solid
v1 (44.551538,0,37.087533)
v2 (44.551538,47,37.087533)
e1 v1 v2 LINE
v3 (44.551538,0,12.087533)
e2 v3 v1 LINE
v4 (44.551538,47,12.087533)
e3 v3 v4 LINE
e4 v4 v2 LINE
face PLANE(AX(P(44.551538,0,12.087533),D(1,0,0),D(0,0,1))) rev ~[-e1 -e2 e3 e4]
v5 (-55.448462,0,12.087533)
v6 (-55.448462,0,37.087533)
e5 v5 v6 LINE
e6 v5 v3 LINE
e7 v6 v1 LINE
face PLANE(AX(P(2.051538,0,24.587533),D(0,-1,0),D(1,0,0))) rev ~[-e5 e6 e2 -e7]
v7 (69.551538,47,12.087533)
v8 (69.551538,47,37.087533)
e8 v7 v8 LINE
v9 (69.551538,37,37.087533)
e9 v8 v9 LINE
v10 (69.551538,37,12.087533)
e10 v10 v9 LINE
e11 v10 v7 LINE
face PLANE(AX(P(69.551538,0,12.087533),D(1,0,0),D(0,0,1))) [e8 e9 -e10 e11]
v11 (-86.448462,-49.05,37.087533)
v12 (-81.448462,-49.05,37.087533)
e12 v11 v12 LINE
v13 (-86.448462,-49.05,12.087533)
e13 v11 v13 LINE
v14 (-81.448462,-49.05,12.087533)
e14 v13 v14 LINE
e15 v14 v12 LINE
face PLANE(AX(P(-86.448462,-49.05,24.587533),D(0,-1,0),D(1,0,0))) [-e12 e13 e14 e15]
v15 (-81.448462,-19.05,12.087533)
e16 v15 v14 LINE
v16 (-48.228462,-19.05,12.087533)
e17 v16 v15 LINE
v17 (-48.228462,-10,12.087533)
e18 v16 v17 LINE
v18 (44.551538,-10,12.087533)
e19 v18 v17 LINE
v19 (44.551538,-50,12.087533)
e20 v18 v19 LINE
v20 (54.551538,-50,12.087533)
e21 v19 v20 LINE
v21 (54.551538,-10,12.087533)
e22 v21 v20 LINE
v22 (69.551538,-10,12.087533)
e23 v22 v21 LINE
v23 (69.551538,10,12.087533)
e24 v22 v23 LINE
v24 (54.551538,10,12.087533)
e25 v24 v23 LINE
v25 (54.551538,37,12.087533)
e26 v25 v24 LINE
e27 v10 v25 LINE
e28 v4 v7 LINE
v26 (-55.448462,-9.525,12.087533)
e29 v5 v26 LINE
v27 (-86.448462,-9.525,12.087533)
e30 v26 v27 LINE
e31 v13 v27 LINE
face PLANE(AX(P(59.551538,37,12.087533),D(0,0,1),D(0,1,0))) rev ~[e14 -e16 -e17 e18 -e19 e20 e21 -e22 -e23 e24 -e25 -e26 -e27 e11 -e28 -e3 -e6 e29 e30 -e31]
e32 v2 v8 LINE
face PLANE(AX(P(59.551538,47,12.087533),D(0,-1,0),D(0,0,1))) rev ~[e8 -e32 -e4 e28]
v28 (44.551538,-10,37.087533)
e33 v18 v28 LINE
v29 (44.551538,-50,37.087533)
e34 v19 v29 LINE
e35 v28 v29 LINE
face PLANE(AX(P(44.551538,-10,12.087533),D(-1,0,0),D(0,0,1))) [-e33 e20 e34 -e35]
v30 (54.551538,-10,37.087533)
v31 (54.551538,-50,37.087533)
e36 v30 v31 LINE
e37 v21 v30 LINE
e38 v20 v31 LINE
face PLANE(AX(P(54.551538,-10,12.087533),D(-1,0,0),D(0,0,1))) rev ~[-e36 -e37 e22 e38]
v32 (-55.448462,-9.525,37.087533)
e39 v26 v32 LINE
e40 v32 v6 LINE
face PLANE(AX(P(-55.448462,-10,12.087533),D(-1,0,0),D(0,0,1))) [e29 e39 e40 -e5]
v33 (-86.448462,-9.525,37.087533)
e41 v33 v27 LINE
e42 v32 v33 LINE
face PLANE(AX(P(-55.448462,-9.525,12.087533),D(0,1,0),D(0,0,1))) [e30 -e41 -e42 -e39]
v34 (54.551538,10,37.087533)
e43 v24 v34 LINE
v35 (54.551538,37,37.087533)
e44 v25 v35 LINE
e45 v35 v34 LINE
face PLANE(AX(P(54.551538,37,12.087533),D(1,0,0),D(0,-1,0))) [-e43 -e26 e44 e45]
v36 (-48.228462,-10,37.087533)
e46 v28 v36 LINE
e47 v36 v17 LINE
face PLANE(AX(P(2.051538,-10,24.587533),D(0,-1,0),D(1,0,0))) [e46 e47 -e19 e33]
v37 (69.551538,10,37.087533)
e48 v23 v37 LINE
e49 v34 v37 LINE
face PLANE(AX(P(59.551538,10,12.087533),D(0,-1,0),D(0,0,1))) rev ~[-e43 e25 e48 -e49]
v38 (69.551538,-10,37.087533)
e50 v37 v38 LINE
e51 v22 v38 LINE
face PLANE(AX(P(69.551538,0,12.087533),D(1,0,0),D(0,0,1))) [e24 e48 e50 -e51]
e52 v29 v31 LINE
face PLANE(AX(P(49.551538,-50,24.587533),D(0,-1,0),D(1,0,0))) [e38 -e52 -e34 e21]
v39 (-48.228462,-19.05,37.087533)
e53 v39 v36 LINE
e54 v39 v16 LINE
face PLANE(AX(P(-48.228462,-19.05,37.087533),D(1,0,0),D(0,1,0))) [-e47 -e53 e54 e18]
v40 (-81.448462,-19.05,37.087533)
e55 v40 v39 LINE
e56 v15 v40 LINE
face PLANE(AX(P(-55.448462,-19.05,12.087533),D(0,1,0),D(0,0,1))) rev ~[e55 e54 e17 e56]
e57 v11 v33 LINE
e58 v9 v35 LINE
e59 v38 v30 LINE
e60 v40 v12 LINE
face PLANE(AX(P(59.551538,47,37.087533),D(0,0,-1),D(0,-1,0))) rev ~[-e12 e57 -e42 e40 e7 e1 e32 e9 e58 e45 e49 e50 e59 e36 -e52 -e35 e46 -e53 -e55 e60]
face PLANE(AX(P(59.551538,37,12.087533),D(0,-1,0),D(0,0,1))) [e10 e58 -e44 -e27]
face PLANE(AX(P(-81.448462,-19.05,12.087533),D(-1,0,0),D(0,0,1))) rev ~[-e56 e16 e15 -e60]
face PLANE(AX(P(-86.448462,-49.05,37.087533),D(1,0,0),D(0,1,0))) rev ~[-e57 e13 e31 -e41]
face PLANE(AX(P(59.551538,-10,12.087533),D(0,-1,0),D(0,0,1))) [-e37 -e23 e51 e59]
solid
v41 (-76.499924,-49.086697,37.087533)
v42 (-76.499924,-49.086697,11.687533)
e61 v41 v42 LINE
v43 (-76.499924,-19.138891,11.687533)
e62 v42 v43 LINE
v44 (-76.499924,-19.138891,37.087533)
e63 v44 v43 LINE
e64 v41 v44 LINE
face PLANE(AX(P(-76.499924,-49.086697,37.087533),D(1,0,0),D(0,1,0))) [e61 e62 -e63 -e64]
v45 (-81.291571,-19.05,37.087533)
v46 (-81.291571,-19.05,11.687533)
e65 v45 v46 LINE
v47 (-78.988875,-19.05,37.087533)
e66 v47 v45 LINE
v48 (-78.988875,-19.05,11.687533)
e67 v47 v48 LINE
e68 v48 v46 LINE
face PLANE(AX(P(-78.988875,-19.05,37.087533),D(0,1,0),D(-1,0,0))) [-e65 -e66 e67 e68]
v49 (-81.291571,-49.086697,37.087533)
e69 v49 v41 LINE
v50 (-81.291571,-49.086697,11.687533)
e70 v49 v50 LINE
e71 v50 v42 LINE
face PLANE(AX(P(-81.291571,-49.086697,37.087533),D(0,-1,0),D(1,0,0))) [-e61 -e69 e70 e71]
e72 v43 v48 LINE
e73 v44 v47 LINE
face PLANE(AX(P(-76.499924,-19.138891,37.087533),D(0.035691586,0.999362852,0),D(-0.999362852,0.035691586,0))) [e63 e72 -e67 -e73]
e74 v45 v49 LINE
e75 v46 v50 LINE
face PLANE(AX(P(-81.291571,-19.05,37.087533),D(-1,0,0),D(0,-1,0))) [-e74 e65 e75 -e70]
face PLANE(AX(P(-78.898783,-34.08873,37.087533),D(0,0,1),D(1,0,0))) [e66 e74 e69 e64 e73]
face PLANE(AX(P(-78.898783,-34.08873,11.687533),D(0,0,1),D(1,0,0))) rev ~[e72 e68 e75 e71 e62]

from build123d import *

# Parameters (mm, degrees)
F0_W      = 115
F0_H      = 25
F1_DEPTH  = 10
F2_W      = 10
F2_H      = 25
F3_DEPTH  = 9.05
F4_W      = 10
F4_H      = 25
F5_DEPTH  = 40
F6_W      = 15
F6_H      = 25
F7_DEPTH  = 47
F8_W      = 5
F8_H      = 27
F9_DEPTH  = 25
F10_W     = 9.525
F10_H     = 25
F11_DEPTH = 36
F12_W     = 10
F12_H     = 25
F13_DEPTH = 30
F14_DEPTH = 10
F15_DEPTH = 10
F16_W     = 2.78
F16_H     = 9.05
F17_DEPTH = 25
F18_W     = 5
F18_H     = 39.525
F20_DEPTH = 25
F21_DEPTH = 25.4


with BuildPart() as f1:
    # F0 (on Front) → F1 (new body)
    with BuildSketch(Plane.XZ):
        with Locations((2.0515378565, 24.5875327226)):
            Rectangle(F0_W, F0_H)
    extrude(amount=F1_DEPTH)

    # F2 (on face) → F3 (join)
    with BuildSketch(Plane.XZ.offset(10)):
        with Locations((-50.4484621435, 24.5875327226)):
            Rectangle(F2_W, F2_H)
    extrude(amount=F3_DEPTH)

    # F4 (on face) → F5 (join)
    with BuildSketch(Plane.XZ.offset(10)):
        with Locations((49.5515378565, 24.5875327226)):
            Rectangle(F4_W, F4_H)
    extrude(amount=F5_DEPTH)

    # F6 (on face) → F7 (join)
    with BuildSketch(Plane(origin=(0, 0, 0), x_dir=(-1, 0, 0), z_dir=(0, 1, 0))):
        with Locations((-52.0515378565, 24.5875327226)):
            Rectangle(F6_W, F6_H)
    extrude(amount=F7_DEPTH)

    # F8 (on face) → F9 (cut)
    with BuildSketch(Plane(origin=(0, 0, 12.0875327226), x_dir=(1, 0, 0), z_dir=(0, 0, -1))):
        with Locations((57.0515378565, -23.5)):
            Rectangle(F8_W, F8_H)
    extrude(amount=-F9_DEPTH, mode=Mode.SUBTRACT)

    # F10 (on face) → F11 (join)
    with BuildSketch(Plane(origin=(-55.4484621435, 0, 0), x_dir=(0, -1, 0), z_dir=(-1, 0, 0))):
        with Locations((14.2875, 24.5875327226)):
            Rectangle(F10_W, F10_H)
    extrude(amount=F11_DEPTH)

    # F12 (on face) → F13 (join)
    with BuildSketch(Plane.XZ.offset(19.05)):
        with Locations((-86.4484621435, 24.5875327226)):
            Rectangle(F12_W, F12_H)
    extrude(amount=F13_DEPTH)

    # F14 (add): a face of the model
    f14_faces = [f1.faces().sort_by_distance(p)[0] for p in [
        (59.5515378565, 0, 24.5875327226),
    ]]
    extrude(f14_faces, amount=F14_DEPTH)

    # F15 (add): a face of the model
    f15_faces = [f1.faces().sort_by_distance(p)[0] for p in [
        (59.5515378565, 42, 24.5875327226),
    ]]
    extrude(f15_faces, amount=F15_DEPTH)

    # F16 (on face) → F17 (cut)
    with BuildSketch(Plane.XY.offset(37.0875327226)):
        with Locations((-46.8384621435, -14.525)):
            Rectangle(F16_W, F16_H)
    extrude(amount=-F17_DEPTH, mode=Mode.SUBTRACT)

    # F18 (on face) → F20 (cut)
    with BuildSketch(Plane.XY.offset(37.0875327226)):
        with Locations((-88.9484621435, -29.2875)):
            Rectangle(F18_W, F18_H)
    extrude(amount=-F20_DEPTH, mode=Mode.SUBTRACT)


with BuildPart() as f21:
    # F19 (on face) → F21 (new body)
    with BuildSketch(Plane.XY.offset(37.0875327226)):
        Polygon((-76.4999240637, -49.0866973996), (-76.4999240637, -19.1388912499), (-78.9888751906, -19.05), (-81.2915712595, -19.05), (-81.2915712595, -49.0866973996), align=None)
    extrude(amount=-F21_DEPTH)


solid = Compound([f1.part, f21.part])
